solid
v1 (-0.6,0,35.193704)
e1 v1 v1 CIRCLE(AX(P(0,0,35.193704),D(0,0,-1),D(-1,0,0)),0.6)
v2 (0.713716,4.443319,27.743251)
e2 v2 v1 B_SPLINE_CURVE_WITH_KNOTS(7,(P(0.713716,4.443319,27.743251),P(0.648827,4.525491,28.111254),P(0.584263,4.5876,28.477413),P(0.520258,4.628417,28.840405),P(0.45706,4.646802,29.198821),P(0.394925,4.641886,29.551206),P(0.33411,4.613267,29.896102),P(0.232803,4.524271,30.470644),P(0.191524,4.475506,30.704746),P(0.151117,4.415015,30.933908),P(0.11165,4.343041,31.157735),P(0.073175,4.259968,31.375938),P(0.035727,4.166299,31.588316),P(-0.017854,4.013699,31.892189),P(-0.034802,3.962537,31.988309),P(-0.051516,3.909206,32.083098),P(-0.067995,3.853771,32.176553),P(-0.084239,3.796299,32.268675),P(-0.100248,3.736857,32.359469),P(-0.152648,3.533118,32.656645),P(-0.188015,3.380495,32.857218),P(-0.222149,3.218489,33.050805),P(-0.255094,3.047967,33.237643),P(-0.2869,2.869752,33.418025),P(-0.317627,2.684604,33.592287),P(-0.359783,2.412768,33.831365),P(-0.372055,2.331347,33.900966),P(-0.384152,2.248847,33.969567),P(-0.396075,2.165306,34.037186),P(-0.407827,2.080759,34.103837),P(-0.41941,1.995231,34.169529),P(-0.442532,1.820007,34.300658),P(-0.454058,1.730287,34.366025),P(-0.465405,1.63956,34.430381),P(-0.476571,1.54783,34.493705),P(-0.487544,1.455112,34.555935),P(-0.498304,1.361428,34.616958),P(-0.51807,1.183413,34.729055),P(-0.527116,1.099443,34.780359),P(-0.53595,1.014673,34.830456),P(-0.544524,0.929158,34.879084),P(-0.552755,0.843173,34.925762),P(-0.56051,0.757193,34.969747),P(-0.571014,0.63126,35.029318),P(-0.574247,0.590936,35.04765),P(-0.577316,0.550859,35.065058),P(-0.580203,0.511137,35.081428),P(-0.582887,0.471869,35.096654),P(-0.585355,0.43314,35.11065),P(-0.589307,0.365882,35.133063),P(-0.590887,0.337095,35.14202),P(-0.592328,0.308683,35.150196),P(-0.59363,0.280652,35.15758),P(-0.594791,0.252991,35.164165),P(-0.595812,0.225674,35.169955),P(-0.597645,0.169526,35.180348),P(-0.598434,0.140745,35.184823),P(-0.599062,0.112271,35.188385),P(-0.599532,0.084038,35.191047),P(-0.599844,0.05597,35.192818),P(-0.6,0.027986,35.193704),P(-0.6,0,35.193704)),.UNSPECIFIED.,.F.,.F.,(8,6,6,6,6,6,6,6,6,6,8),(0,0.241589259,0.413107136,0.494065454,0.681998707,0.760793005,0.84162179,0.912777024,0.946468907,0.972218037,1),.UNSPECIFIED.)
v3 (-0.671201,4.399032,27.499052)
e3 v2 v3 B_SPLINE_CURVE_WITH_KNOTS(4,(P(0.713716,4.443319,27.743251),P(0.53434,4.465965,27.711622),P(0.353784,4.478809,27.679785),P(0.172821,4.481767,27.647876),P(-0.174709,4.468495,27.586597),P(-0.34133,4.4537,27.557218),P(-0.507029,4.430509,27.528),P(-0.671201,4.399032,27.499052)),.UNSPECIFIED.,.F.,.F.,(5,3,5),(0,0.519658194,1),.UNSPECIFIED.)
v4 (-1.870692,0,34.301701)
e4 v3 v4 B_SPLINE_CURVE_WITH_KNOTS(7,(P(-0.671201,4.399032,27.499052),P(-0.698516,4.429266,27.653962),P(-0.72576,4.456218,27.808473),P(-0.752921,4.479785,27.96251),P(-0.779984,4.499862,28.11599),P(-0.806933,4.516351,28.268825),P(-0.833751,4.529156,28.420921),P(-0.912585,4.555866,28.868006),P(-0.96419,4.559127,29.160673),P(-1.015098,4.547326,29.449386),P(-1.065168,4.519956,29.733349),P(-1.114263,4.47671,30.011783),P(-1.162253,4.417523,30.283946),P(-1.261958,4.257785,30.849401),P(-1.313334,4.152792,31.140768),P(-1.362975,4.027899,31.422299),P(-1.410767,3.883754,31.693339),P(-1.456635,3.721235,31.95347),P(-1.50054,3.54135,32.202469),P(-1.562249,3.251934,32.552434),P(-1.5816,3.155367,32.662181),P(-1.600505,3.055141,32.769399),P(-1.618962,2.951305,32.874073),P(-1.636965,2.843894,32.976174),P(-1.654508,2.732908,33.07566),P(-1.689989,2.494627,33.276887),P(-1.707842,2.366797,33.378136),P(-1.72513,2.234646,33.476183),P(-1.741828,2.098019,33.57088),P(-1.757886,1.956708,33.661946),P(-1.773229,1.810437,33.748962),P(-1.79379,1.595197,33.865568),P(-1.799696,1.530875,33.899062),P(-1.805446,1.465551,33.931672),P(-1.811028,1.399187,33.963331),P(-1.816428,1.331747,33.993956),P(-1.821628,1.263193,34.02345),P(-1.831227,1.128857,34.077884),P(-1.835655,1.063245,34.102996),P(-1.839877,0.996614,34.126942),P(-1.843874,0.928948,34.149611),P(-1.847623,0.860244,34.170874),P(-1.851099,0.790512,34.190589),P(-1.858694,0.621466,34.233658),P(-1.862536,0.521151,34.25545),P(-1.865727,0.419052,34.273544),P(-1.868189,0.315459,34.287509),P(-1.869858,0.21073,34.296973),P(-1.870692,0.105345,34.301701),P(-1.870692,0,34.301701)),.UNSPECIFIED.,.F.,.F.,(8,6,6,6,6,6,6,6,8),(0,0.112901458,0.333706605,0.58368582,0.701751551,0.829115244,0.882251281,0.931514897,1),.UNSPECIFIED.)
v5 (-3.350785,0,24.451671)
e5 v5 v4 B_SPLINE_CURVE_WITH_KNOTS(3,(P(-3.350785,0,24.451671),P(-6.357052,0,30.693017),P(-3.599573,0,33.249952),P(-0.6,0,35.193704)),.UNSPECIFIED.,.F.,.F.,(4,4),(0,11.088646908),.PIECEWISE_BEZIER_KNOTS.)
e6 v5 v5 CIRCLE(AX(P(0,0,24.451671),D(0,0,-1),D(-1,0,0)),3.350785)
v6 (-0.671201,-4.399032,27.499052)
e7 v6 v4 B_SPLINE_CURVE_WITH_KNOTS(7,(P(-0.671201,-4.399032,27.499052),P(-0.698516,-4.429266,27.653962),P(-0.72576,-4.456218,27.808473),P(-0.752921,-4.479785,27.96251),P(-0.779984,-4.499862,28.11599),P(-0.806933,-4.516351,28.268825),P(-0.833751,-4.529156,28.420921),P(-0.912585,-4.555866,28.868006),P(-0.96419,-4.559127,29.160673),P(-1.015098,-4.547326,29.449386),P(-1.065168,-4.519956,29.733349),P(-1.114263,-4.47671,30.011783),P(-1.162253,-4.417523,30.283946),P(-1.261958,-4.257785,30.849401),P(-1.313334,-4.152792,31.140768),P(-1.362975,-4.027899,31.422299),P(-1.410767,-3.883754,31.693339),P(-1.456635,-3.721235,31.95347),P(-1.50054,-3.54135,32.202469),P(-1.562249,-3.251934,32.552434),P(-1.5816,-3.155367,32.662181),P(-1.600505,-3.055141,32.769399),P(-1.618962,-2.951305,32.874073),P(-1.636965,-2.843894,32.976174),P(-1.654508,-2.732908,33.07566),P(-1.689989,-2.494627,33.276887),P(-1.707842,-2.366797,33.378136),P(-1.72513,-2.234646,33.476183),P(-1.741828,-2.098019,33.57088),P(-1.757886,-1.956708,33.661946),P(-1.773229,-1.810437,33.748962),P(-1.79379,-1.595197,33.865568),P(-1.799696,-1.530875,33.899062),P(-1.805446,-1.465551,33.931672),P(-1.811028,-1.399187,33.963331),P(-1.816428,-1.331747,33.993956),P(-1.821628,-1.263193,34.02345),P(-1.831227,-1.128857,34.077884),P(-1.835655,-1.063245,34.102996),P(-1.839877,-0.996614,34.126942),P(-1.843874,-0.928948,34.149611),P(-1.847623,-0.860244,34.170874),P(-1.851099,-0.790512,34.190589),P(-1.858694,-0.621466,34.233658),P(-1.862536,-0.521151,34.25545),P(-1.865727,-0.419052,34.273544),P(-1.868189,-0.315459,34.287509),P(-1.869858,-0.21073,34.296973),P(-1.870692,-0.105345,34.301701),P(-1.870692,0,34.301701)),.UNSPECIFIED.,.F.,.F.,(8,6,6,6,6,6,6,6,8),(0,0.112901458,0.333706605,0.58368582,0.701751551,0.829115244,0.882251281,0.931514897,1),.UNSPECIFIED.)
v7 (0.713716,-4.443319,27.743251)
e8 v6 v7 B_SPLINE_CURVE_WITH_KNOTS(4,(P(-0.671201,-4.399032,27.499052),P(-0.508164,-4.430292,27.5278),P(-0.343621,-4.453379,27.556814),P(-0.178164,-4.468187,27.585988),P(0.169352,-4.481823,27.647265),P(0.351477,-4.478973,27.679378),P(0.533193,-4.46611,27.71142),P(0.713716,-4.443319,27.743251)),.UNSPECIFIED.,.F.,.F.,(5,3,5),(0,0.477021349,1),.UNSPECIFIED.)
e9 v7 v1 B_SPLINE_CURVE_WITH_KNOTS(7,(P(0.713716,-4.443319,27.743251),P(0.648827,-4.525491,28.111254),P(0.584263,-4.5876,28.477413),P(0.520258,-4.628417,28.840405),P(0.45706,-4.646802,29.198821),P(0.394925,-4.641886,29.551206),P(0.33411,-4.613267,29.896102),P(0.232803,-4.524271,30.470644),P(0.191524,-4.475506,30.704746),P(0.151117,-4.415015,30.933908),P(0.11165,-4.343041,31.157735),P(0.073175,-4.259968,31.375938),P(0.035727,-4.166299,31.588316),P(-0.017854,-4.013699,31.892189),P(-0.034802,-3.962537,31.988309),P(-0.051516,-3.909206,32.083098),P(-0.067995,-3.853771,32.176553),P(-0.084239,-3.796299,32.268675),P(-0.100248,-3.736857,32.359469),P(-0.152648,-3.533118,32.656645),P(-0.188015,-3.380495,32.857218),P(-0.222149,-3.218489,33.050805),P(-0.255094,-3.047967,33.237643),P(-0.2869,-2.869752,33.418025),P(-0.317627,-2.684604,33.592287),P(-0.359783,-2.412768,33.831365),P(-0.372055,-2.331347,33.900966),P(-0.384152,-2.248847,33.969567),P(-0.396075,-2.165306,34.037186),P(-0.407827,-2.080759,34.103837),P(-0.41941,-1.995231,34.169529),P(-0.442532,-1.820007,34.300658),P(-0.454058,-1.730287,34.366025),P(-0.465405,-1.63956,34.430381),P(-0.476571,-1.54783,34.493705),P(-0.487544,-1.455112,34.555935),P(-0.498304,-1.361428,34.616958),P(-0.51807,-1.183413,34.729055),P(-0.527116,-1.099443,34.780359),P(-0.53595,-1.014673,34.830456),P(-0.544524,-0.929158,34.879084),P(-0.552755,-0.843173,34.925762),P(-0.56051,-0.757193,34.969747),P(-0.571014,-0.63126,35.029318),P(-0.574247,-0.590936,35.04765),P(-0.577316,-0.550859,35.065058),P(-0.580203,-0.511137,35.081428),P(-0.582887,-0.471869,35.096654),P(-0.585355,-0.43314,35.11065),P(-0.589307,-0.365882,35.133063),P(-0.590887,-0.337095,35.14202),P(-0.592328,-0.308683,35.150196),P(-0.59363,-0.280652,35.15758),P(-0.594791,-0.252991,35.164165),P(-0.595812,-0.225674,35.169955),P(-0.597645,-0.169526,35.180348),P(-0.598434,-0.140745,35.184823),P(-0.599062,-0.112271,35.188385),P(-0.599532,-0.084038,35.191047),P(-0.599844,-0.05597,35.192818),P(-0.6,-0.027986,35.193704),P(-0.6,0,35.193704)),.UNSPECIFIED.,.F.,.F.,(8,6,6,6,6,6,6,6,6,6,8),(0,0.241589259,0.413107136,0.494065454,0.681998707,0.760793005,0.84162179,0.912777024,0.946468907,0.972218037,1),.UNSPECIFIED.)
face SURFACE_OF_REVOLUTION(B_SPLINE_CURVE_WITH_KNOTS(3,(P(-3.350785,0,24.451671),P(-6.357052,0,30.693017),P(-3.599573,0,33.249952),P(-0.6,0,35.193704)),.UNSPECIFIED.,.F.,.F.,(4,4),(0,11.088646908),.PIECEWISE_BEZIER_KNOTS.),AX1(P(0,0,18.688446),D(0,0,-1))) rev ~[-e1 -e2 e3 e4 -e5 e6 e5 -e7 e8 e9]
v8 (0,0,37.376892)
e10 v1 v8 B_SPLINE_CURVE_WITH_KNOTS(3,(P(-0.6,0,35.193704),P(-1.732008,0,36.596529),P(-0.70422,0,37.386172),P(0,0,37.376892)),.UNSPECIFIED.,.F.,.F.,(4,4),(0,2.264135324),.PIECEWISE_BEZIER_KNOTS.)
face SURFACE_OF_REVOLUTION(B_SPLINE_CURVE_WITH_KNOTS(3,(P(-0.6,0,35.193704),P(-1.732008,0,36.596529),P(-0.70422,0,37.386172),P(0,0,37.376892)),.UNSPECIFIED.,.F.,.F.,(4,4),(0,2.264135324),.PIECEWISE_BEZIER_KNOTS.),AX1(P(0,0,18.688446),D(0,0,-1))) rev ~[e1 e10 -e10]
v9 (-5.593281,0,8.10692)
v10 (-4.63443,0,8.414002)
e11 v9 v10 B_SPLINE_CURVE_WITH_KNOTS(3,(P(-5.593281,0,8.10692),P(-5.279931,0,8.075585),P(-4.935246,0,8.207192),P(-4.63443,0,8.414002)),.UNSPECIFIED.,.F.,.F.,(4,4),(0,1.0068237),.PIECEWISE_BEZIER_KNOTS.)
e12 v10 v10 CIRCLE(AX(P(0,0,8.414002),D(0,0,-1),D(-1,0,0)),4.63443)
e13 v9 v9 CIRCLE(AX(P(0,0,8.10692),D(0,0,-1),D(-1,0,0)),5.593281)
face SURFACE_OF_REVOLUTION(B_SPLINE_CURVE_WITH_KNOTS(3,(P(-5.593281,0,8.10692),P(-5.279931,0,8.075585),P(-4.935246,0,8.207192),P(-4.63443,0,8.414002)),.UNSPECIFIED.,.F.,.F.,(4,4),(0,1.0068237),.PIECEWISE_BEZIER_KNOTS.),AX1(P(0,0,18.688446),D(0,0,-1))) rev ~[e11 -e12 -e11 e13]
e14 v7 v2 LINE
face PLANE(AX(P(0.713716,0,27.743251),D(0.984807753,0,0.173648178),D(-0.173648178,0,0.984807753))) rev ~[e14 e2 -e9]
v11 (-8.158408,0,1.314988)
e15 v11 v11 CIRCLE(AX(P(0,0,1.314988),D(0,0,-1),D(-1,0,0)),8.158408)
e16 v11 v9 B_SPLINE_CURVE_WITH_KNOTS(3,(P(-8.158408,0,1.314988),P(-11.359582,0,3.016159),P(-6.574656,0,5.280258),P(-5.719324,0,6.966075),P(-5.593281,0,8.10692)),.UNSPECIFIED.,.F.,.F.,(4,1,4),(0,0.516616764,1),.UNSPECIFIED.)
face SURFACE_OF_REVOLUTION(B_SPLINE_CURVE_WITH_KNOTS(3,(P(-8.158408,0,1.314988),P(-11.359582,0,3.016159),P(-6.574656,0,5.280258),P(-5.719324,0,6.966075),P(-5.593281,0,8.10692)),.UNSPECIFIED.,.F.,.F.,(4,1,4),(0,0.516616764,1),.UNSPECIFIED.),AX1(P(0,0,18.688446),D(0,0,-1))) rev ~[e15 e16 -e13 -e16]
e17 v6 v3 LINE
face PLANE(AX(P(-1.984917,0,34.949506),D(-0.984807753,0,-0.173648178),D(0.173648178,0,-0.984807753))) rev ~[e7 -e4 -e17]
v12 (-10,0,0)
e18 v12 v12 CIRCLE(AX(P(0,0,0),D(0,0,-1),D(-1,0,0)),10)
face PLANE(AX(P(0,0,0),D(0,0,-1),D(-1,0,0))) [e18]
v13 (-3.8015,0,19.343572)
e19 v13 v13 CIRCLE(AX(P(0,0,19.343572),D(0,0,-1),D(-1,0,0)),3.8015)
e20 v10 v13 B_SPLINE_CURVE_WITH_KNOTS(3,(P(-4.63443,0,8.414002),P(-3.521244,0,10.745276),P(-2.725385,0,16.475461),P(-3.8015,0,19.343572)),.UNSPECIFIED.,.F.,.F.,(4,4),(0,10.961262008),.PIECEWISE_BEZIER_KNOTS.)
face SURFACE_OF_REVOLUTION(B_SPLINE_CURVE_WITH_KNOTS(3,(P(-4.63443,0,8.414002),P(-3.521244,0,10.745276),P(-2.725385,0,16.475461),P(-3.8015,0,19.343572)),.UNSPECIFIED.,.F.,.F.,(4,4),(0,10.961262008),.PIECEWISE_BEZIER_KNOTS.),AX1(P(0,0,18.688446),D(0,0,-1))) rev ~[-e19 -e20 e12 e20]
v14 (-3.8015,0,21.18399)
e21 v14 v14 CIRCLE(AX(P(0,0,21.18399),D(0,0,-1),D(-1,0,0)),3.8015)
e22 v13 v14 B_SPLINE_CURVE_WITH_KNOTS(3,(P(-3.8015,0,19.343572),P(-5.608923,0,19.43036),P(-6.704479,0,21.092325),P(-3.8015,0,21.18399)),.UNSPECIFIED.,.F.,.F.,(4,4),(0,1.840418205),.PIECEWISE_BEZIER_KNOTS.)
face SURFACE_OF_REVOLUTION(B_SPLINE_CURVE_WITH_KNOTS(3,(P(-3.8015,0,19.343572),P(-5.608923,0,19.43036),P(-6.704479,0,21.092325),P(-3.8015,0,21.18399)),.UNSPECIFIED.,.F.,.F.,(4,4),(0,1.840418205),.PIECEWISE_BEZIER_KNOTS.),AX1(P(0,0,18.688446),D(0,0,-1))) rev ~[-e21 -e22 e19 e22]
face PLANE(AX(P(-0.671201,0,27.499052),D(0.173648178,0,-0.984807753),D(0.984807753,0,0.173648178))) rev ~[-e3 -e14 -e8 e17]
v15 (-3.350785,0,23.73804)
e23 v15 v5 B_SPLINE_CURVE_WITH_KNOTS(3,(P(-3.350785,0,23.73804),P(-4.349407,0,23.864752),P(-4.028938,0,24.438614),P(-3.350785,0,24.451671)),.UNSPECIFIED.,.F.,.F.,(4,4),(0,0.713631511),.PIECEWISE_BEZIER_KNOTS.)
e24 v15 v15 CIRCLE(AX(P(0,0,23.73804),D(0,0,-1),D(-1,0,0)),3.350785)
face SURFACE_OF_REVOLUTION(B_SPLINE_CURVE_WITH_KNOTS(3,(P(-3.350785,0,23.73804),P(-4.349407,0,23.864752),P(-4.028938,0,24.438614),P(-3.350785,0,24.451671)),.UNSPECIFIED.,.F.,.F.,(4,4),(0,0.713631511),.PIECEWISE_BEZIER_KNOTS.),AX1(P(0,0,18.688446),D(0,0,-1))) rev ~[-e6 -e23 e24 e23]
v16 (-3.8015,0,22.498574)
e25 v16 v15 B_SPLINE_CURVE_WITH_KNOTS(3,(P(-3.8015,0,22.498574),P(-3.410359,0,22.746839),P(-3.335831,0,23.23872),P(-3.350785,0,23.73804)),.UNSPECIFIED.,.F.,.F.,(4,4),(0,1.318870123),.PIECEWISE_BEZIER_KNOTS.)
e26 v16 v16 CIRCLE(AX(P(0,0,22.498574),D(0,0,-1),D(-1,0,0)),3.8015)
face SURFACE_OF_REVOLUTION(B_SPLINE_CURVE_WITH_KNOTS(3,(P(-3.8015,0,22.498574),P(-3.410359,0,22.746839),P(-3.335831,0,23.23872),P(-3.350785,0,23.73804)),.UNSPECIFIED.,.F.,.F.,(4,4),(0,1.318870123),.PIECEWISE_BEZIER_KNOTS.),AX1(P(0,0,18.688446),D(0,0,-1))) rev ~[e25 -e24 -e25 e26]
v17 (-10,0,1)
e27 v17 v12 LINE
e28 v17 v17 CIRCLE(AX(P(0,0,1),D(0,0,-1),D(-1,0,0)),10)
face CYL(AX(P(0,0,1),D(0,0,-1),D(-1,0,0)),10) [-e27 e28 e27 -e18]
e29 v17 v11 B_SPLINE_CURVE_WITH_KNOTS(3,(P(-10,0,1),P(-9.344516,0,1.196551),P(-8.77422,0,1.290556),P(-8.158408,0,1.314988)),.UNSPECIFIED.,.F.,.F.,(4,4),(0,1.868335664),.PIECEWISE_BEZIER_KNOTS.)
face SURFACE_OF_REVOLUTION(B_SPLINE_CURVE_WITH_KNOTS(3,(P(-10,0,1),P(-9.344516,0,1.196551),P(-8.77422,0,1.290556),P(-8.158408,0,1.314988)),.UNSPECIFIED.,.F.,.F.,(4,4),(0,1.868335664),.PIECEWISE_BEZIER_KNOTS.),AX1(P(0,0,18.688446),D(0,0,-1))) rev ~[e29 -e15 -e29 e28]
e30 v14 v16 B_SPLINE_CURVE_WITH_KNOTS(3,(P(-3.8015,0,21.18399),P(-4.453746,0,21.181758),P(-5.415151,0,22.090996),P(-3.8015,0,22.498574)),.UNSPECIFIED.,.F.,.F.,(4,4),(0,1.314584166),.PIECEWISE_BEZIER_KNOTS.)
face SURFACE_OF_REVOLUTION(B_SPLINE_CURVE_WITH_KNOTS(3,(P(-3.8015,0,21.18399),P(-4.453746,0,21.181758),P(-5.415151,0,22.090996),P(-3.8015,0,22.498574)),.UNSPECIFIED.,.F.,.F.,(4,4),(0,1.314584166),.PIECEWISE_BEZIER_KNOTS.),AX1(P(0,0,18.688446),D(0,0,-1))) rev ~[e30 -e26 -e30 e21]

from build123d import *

# Parameters (mm, degrees)
F4_DEPTH = 25


with BuildPart() as f2:
    # F1 (on Front) → F2 (revolve)
    with BuildSketch(Plane.XZ):
        with BuildLine():
            Line((-10, 0), (0, 0))
            Line((0, 0), (0, 37.3768918216))
            add(Edge.make_bspline(
                [(-0.6, 35.1937040687), (-1.7320077168, 36.5965291858), (-0.7042200305, 37.3861715198), (0, 37.3768918216)],
                knots=[0, 0, 0, 0, 2.2641353238, 2.2641353238, 2.2641353238, 2.2641353238], degree=3))
            add(Edge.make_bspline(
                [(-3.3507852349, 24.4516711682), (-6.3570523635, 30.6930169463), (-3.5995733924, 33.2499518991), (-0.6, 35.1937040687)],
                knots=[0, 0, 0, 0, 11.0886469077, 11.0886469077, 11.0886469077, 11.0886469077], degree=3))
            add(Edge.make_bspline(
                [(-3.3507852349, 23.7380396575), (-4.3494068086, 23.8647516817), (-4.028938245, 24.4386140257), (-3.3507852349, 24.4516711682)],
                knots=[0, 0, 0, 0, 0.7136315107, 0.7136315107, 0.7136315107, 0.7136315107], degree=3))
            add(Edge.make_bspline(
                [(-3.8014997263, 22.4985741079), (-3.4103591461, 22.7468386292), (-3.335831454, 23.2387203723), (-3.3507852349, 23.7380396575)],
                knots=[0, 0, 0, 0, 1.318870123, 1.318870123, 1.318870123, 1.318870123], degree=3))
            add(Edge.make_bspline(
                [(-3.8014997263, 21.1839899421), (-4.4537456706, 21.1817584932), (-5.4151513614, 22.0909956843), (-3.8014997263, 22.4985741079)],
                knots=[0, 0, 0, 0, 1.3145841658, 1.3145841658, 1.3145841658, 1.3145841658], degree=3))
            add(Edge.make_bspline(
                [(-3.8014997263, 19.3435717374), (-5.6089232676, 19.4303598255), (-6.7044785246, 21.092325449), (-3.8014997263, 21.1839899421)],
                knots=[0, 0, 0, 0, 1.8404182047, 1.8404182047, 1.8404182047, 1.8404182047], degree=3))
            add(Edge.make_bspline(
                [(-4.6344301663, 8.4140021354), (-3.5212442745, 10.7452757657), (-2.7253848966, 16.4754614234), (-3.8014997263, 19.3435717374)],
                knots=[0, 0, 0, 0, 10.9612620078, 10.9612620078, 10.9612620078, 10.9612620078], degree=3))
            add(Edge.make_bspline(
                [(-5.5932807736, 8.1069199368), (-5.2799307741, 8.0755846575), (-4.935245961, 8.2071917132), (-4.6344301663, 8.4140021354)],
                knots=[0, 0, 0, 0, 1.0068237004, 1.0068237004, 1.0068237004, 1.0068237004], degree=3))
            add(Edge.make_bspline(
                [(-8.1584081054, 1.3149880106), (-11.3595824579, 3.0161592519), (-6.5746559821, 5.2802580502), (-5.7193240103, 6.9660751392), (-5.5932807736, 8.1069199368)],
                knots=[0, 0, 0, 0, 0.5166167642, 1, 1, 1, 1], degree=3))
            add(Edge.make_bspline(
                [(-10, 1), (-9.344516322, 1.1965511367), (-8.7742200121, 1.2905560434), (-8.1584081054, 1.3149880106)],
                knots=[0, 0, 0, 0, 1.8683356639, 1.8683356639, 1.8683356639, 1.8683356639], degree=3))
            Line((-10, 1), (-10, 0))
        make_face()
    revolve(axis=Axis((0, 0, 18.6884459108), (0, 0, -1)))

    # F3 (on Front) → F4 (cut, symmetric)
    with BuildSketch(Plane.XZ):
        Polygon((0.7137159574, 27.7432506433), (-0.6, 35.1937040687), (-1.9849170443, 34.9495058277), (-0.6712010869, 27.4990524024), align=None)
    extrude(amount=F4_DEPTH, both=True, mode=Mode.SUBTRACT)


solid = f2.part
